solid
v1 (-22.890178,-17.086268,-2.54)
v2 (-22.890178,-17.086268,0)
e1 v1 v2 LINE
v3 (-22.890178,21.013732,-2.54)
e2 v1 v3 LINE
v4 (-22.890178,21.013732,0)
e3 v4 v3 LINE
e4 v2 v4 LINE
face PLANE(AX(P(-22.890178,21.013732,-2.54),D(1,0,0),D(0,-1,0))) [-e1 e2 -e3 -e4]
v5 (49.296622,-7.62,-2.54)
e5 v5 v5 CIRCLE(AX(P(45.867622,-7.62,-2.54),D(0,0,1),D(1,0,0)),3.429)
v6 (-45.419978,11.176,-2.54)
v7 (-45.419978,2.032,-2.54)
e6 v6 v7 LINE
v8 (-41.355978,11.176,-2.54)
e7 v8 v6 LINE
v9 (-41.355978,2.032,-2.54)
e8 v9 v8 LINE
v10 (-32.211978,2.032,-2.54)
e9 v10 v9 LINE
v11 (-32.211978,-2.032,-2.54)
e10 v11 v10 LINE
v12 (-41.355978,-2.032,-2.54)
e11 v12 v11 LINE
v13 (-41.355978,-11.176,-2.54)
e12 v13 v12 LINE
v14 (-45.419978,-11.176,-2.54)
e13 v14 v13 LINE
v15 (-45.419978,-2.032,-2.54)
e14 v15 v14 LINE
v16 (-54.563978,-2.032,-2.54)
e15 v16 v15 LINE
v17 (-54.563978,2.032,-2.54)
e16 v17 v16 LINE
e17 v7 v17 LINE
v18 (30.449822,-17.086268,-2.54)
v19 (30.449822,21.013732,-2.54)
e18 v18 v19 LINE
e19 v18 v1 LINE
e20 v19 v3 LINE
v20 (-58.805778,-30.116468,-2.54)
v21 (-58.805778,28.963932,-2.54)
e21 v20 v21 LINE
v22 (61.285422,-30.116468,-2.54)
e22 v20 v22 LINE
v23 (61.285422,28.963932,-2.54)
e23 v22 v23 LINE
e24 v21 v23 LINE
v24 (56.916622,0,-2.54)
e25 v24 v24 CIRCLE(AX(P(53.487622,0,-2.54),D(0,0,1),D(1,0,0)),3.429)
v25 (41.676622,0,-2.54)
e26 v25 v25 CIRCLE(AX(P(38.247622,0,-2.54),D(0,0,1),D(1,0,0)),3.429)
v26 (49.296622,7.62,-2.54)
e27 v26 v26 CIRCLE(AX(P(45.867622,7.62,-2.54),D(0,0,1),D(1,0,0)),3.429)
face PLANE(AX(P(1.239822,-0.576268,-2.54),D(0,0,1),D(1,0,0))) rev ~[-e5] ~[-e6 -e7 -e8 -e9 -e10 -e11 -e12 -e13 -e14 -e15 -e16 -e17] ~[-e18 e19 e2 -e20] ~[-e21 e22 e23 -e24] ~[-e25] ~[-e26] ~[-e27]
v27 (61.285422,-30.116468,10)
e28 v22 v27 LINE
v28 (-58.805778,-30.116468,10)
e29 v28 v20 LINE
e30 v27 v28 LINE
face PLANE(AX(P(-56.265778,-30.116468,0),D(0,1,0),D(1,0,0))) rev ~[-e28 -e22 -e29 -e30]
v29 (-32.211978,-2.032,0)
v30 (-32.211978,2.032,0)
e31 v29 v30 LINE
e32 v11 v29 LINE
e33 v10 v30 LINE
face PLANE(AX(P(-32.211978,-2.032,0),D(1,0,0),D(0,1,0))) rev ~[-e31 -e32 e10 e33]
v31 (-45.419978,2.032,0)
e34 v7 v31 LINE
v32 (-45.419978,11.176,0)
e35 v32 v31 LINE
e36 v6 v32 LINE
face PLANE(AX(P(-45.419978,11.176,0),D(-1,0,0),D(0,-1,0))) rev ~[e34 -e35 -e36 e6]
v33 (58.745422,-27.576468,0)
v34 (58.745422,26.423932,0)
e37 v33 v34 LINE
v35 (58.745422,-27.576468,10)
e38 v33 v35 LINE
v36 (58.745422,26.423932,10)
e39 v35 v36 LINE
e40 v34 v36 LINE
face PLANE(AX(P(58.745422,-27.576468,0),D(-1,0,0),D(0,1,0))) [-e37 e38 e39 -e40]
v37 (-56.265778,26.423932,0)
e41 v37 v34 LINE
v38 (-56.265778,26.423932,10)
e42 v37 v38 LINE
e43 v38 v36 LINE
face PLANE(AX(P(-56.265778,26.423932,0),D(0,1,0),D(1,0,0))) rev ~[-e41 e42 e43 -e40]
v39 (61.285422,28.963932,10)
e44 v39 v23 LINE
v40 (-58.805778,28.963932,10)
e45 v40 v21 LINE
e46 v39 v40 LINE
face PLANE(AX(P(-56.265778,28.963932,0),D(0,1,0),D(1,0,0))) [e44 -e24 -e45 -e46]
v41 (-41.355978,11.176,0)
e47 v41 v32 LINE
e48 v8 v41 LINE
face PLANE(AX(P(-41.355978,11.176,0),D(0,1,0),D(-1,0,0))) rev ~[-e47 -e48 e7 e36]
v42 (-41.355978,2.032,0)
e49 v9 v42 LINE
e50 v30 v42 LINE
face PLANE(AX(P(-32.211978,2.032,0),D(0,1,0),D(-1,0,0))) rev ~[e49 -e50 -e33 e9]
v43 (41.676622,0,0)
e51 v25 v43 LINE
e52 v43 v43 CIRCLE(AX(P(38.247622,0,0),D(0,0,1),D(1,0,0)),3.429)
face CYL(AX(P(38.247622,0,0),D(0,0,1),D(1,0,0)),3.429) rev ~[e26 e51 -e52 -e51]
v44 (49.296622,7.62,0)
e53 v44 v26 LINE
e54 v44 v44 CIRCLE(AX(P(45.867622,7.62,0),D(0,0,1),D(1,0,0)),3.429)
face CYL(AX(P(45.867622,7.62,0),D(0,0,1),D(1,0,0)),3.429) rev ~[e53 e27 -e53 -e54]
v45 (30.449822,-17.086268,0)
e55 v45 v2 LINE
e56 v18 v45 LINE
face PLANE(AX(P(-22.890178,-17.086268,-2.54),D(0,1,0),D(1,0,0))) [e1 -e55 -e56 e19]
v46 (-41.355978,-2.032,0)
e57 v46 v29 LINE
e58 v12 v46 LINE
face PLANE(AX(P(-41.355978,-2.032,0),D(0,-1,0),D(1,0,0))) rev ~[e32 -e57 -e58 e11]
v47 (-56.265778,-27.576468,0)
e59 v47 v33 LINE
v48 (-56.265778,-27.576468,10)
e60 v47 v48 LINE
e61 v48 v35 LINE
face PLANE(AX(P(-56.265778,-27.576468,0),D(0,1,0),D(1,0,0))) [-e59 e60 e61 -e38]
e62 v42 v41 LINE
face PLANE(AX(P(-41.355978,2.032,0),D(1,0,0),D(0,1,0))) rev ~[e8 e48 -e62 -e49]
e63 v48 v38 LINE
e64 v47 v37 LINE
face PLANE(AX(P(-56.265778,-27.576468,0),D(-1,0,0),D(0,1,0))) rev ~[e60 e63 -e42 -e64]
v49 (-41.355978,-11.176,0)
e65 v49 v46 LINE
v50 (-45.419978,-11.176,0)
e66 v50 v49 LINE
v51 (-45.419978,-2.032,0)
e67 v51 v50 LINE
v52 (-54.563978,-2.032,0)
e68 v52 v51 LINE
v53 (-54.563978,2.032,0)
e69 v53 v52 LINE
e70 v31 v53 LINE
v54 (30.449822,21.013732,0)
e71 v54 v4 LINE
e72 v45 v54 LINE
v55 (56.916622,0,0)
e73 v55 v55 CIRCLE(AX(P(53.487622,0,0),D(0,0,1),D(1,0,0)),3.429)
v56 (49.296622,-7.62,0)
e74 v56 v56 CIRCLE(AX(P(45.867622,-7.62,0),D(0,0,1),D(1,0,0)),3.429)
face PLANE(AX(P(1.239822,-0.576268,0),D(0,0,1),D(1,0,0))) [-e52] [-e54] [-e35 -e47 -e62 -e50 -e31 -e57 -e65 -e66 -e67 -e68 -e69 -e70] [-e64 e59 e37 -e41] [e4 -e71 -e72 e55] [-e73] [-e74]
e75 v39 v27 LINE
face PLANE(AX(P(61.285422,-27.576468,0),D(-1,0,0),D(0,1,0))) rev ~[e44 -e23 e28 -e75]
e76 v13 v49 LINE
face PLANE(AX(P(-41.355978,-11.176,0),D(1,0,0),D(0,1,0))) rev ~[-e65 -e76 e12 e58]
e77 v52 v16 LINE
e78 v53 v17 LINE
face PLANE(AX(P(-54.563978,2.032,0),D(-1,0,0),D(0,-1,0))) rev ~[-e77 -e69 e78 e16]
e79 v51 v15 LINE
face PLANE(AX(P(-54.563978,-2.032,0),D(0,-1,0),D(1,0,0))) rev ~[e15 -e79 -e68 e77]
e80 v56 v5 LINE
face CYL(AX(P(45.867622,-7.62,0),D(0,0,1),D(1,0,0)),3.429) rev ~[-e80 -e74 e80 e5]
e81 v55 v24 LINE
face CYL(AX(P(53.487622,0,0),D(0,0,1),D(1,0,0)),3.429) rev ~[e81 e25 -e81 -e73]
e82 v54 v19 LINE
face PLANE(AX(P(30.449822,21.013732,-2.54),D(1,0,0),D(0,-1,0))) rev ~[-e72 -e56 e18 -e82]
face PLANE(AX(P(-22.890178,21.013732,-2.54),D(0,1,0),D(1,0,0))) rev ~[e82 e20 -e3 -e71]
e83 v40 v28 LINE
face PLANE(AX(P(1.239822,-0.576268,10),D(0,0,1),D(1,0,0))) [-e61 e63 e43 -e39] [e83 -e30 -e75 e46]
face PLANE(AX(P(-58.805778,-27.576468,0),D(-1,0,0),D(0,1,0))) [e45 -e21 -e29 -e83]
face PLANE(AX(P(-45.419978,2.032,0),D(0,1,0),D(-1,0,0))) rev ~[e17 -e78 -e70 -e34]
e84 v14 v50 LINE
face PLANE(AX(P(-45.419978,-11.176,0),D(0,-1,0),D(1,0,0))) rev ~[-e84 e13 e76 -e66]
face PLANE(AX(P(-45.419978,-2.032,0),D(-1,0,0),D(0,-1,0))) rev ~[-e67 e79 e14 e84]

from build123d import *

# Parameters (mm, degrees)
F0_W     = 115.0112
F0_H     = 54.0004
F1_DEPTH = 10
F2_T     = 2.54
F3_W     = 53.34
F3_H     = 38.1
F4_DEPTH = 12.7
F6_DEPTH = 12.7
F7_R     = 3.429
F8_DEPTH = 12.7


with BuildPart() as f1:
    # F0 (on Top) → F1 (new body)
    with BuildSketch(Plane.XY):
        with Locations((1.2398222461, -0.5762684962)):
            Rectangle(F0_W, F0_H)
    extrude(amount=F1_DEPTH)

    # F2
    f2_openings = [f1.faces().sort_by_distance(p)[0] for p in [
        (1.239822, -0.576268, 10),
    ]]
    offset(amount=F2_T, openings=f2_openings, kind=Kind.INTERSECTION)

    # F3 (on face) → F4 (cut, symmetric)
    with BuildSketch(Plane(origin=(0, 0, -2.54), x_dir=(1, 0, 0), z_dir=(0, 0, -1))):
        with Locations((3.7798222461, -1.9637315038)):
            Rectangle(F3_W, F3_H)
    extrude(amount=F4_DEPTH, both=True, mode=Mode.SUBTRACT)

    # F5 (on Top) → F6 (cut, symmetric)
    with BuildSketch(Plane.XY):
        Polygon((-45.4199777539, -2.032), (-45.4199777539, -11.176), (-41.3559777539, -11.176), (-41.3559777539, -2.032), (-32.2119777539, -2.032), (-32.2119777539, 2.032), (-41.3559777539, 2.032), (-41.3559777539, 11.176), (-45.4199777539, 11.176), (-45.4199777539, 2.032), (-54.5639777539, 2.032), (-54.5639777539, -2.032), align=None)
    extrude(amount=F6_DEPTH, both=True, mode=Mode.SUBTRACT)

    # F7 (on Top) → F8 (cut, symmetric)
    with BuildSketch(Plane.XY):
        with Locations((45.8676222461, -7.62)):
            Circle(F7_R)
        with Locations((53.4876222461, 0)):
            Circle(F7_R)
        with Locations((45.8676222461, 7.62)):
            Circle(F7_R)
        with Locations((38.2476222461, 0)):
            Circle(F7_R)
    extrude(amount=F8_DEPTH, both=True, mode=Mode.SUBTRACT)


solid = f1.part
